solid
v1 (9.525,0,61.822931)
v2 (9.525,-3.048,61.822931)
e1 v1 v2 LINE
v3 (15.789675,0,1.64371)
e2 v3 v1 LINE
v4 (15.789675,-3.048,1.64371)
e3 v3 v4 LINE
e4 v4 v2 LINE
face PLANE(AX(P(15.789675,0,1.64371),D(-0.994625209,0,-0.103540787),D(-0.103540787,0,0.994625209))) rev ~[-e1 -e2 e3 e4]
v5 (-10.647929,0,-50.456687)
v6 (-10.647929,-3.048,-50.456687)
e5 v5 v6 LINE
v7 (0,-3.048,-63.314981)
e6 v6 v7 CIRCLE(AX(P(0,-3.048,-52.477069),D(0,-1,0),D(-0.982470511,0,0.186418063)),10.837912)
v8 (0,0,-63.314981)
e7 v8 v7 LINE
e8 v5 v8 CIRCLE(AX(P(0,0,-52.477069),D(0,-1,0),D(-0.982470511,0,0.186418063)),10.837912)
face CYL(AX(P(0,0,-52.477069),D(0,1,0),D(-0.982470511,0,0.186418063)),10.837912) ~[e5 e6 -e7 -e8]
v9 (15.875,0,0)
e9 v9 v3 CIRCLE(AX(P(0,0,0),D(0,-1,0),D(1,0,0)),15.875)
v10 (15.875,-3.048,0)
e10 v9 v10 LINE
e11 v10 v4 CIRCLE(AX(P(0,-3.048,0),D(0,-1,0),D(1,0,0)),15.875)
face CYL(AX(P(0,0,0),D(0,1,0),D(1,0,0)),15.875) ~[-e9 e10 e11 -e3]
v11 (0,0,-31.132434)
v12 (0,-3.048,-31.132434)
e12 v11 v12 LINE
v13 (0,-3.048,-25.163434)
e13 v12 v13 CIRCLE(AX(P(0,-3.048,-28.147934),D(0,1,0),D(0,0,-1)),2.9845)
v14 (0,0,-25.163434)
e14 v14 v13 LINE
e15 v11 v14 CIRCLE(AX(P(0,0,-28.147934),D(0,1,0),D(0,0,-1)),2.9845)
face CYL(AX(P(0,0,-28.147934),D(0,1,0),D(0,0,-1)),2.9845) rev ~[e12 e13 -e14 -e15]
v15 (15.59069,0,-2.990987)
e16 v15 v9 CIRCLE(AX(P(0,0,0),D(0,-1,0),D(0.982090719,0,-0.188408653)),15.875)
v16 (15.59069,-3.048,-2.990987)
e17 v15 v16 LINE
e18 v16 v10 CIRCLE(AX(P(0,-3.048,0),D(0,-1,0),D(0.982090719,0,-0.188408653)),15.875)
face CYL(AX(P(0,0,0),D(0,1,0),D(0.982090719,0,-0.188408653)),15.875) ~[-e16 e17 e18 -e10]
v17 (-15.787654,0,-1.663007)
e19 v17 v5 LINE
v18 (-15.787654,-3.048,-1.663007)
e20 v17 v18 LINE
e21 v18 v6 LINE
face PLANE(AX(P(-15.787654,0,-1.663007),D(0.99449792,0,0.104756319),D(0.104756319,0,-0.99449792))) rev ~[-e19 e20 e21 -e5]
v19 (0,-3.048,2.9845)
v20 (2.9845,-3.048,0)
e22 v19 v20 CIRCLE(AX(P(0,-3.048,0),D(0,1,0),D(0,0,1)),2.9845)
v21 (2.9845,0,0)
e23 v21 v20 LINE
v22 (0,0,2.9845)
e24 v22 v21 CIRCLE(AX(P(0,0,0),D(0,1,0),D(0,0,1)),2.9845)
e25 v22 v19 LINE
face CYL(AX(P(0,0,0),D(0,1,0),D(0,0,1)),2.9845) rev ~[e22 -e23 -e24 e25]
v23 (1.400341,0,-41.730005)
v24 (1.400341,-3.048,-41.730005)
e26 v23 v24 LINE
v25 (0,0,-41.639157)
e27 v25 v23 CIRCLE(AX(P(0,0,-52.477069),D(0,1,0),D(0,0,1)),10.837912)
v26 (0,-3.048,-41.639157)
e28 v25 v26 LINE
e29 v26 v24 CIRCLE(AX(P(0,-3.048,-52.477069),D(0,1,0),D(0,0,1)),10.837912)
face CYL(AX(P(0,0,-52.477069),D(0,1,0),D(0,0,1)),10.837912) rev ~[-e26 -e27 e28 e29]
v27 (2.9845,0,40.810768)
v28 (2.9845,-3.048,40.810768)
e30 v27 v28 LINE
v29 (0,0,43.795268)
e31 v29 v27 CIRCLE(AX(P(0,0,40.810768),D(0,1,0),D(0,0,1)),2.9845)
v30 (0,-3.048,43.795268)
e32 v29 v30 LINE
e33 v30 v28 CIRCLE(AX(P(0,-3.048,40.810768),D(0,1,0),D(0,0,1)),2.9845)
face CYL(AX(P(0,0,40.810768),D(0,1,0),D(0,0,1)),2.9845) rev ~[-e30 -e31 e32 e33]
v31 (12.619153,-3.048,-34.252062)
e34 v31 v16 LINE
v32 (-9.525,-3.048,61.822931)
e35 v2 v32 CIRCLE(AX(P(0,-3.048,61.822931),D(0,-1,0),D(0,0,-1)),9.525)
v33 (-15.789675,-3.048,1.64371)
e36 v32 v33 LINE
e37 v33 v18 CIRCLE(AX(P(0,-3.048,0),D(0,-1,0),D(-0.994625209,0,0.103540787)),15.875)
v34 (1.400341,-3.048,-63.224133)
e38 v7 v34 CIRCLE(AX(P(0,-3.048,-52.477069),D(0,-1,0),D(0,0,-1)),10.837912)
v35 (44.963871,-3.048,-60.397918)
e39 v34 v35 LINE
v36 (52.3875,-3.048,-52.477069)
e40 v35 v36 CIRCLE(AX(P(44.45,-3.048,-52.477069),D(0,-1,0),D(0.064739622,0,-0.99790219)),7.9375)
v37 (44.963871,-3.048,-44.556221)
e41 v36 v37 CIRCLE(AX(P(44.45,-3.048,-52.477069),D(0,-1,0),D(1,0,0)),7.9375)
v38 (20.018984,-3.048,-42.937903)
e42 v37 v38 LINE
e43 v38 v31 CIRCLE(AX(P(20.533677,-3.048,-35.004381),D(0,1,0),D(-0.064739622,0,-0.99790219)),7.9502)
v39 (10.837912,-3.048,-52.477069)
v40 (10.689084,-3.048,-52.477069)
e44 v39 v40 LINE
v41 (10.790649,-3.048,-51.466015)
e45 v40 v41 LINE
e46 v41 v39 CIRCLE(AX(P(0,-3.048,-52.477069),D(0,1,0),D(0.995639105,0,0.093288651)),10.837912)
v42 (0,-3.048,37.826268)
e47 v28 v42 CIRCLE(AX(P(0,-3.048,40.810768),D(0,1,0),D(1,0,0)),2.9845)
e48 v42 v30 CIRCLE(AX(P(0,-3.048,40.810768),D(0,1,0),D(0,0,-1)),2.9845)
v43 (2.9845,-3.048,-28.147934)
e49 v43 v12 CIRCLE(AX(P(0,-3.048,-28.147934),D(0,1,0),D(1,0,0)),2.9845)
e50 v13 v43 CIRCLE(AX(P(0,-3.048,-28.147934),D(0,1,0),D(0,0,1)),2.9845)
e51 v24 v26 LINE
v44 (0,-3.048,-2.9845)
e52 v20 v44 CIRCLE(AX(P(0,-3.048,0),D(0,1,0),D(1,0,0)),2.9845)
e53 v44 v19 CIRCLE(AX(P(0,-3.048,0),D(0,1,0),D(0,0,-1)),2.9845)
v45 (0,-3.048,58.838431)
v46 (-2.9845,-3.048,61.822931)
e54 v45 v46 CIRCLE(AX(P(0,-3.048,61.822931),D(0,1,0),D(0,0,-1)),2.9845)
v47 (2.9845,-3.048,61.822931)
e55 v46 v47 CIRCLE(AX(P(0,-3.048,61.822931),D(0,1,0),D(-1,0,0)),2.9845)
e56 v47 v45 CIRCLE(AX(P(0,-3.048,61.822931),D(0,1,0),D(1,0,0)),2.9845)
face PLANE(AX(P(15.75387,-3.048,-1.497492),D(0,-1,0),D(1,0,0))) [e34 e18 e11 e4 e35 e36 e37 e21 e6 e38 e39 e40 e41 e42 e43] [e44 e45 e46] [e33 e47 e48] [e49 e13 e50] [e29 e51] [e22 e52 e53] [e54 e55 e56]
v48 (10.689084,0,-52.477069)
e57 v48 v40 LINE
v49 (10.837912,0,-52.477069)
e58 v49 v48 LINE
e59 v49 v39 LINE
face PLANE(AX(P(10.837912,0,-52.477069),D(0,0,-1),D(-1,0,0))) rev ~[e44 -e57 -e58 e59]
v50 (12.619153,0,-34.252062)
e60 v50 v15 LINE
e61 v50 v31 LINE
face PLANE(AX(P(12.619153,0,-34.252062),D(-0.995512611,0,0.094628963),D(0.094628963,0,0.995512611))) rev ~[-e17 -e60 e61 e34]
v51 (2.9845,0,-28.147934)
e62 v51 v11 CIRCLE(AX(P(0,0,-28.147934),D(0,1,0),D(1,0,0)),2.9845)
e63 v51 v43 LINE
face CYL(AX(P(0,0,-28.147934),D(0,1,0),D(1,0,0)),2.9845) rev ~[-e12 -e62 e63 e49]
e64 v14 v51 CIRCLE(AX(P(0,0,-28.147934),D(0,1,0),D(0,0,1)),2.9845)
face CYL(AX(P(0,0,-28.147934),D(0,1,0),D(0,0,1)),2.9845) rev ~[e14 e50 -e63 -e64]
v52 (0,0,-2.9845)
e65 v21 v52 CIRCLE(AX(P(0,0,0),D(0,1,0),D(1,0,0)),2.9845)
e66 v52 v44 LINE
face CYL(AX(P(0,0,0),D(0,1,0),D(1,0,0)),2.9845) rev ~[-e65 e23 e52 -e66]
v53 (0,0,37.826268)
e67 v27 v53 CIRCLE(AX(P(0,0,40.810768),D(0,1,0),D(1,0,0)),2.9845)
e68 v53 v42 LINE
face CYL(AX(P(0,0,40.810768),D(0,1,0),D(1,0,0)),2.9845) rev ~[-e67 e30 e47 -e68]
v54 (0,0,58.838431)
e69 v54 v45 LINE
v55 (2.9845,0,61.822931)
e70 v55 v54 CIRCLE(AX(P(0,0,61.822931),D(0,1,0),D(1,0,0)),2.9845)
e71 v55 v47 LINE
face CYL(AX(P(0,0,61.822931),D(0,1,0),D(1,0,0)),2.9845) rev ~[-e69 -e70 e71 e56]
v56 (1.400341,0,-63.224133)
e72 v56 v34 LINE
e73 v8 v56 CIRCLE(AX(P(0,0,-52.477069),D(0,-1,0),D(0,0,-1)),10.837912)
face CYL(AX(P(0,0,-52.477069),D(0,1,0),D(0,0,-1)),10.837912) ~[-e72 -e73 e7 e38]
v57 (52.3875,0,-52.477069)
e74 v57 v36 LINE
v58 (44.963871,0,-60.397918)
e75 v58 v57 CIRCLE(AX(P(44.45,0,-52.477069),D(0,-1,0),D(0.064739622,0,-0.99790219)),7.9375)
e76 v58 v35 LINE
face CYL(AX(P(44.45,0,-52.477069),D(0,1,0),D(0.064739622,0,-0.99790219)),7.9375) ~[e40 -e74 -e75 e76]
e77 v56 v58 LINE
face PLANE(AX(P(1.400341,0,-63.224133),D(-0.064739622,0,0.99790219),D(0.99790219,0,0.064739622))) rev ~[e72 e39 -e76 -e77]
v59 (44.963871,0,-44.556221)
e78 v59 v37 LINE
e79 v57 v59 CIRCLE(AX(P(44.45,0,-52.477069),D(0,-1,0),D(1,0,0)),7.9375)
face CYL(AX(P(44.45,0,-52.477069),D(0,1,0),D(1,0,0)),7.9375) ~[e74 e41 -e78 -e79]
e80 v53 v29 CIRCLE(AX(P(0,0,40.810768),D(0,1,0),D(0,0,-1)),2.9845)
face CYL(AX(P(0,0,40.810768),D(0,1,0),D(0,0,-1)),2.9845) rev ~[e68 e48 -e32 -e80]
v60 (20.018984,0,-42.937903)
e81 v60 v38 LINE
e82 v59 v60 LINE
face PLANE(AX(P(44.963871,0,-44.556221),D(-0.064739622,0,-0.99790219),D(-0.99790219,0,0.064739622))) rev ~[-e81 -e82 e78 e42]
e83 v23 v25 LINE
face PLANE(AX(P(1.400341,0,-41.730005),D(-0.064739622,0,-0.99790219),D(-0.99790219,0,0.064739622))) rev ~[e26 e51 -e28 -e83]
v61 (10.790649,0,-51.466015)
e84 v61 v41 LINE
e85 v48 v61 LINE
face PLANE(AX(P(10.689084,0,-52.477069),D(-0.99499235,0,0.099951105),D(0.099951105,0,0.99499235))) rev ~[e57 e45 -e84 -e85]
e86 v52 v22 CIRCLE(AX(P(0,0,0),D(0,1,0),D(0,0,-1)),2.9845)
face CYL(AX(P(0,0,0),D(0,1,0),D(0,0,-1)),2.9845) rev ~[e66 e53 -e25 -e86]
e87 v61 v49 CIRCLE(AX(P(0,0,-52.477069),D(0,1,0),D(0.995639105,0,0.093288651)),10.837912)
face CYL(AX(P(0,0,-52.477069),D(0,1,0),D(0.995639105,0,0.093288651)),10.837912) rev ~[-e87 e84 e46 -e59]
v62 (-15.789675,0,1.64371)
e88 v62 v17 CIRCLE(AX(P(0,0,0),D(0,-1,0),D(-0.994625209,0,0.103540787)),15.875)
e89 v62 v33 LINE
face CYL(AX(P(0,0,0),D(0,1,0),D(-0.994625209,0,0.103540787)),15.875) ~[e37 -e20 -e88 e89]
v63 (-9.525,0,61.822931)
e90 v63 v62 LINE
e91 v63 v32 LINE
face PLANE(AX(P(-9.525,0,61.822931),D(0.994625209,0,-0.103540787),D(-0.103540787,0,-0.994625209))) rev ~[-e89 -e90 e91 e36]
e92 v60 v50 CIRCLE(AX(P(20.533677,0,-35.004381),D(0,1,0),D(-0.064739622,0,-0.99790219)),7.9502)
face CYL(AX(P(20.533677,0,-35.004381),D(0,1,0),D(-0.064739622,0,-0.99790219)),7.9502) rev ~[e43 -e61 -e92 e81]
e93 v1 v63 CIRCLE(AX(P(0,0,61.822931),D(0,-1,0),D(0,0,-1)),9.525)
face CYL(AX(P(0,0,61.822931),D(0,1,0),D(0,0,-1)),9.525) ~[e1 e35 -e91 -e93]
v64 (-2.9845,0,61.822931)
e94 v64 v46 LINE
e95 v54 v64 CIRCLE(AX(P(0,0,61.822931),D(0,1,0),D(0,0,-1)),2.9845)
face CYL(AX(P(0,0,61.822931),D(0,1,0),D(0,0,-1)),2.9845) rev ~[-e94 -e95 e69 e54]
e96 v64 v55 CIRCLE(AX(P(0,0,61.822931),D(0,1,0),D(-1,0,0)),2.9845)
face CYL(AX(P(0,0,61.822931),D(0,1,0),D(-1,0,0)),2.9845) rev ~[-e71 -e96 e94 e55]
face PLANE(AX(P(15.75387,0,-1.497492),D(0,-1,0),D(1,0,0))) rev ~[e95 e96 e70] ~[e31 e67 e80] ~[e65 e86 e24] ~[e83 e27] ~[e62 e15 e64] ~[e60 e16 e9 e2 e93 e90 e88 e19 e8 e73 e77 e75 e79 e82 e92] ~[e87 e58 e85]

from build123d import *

# Parameters (mm, degrees)
F1_DEPTH = 3.048


with BuildPart() as f1:
    # F0 (on Front) → F1 (new body)
    with BuildSketch(Plane.XZ):
        with BuildLine():
            Line((15.875, 0), (15.5906901587, -2.9909873578))
            ThreePointArc((15.5906901587, -2.9909873578), (15.803762705, -1.5022347903), (15.875, 0))
        make_face()
        with BuildLine():
            Line((1.4003408265, -63.2241331384), (0, -63.3149812557))
            ThreePointArc((0, -63.3149812557), (0.7016423253, -63.2922453786), (1.4003408265, -63.2241331384))
        make_face()
        with BuildLine():
            ThreePointArc((36.5125, -52.4770691991), (39.0220603724, -58.2685610319), (44.9638707463, -60.3979178346))
            ThreePointArc((44.9638707463, -60.3979178346), (50.2414918328, -57.9050088266), (52.3875, -52.4770691991))
            ThreePointArc((52.3875, -52.4770691991), (50.2414918328, -47.0491295715), (44.9638707463, -44.5562205636))
            ThreePointArc((44.9638707463, -44.5562205636), (39.0220603724, -46.6855773663), (36.5125, -52.4770691991))
        make_face()
        with BuildLine():
            Line((12.6191526396, -34.2520619409), (11.8439294246, -42.4075405738))
            Line((11.8439294246, -42.4075405738), (20.0189840628, -42.9379031172))
            ThreePointArc((20.0189840628, -42.9379031172), (14.4819098788, -40.1601346792), (12.6191526396, -34.2520619409))
        make_face()
        with BuildLine():
            ThreePointArc((9.525, 61.8229308009), (0, 71.3479308009), (-9.525, 61.8229308009))
            Line((-9.525, 61.8229308009), (-2.9845, 61.8229308009))
            ThreePointArc((-2.9845, 61.8229308009), (0, 64.8074308009), (2.9845, 61.8229308009))
            ThreePointArc((2.9845, 61.8229308009), (2.1103601885, 59.7125706125), (0, 58.8384308009))
            Line((0, 58.8384308009), (0, 52.2979308009))
            ThreePointArc((0, 52.2979308009), (6.7351920908, 55.0877387101), (9.525, 61.8229308009))
        make_face()
        with BuildLine():
            Line((-2.9845, 61.8229308009), (-9.525, 61.8229308009))
            ThreePointArc((-9.525, 61.8229308009), (-6.7351920908, 55.0877387101), (0, 52.2979308009))
            Line((0, 52.2979308009), (0, 58.8384308009))
            ThreePointArc((0, 58.8384308009), (-2.1103601885, 59.7125706125), (-2.9845, 61.8229308009))
        make_face()
        with BuildLine():
            Line((0, 37.8262675612), (0, 15.875))
            ThreePointArc((0, 15.875), (10.6283048728, 11.7921482577), (15.7896751859, 1.6437099882))
            Line((15.7896751859, 1.6437099882), (9.525, 61.8229308009))
            ThreePointArc((9.525, 61.8229308009), (6.7351920908, 55.0877387101), (0, 52.2979308009))
            Line((0, 52.2979308009), (0, 43.7952675612))
            ThreePointArc((0, 43.7952675612), (2.1103601885, 42.9211277496), (2.9845, 40.8107675612))
            ThreePointArc((2.9845, 40.8107675612), (2.1103601885, 38.7004073727), (0, 37.8262675612))
        make_face()
        with BuildLine():
            Line((-9.525, 61.8229308009), (-15.7896751859, 1.6437099882))
            ThreePointArc((-15.7896751859, 1.6437099882), (-10.6283048728, 11.7921482577), (0, 15.875))
            Line((0, 15.875), (0, 37.8262675612))
            ThreePointArc((0, 37.8262675612), (-2.9845, 40.8107675612), (0, 43.7952675612))
            Line((0, 43.7952675612), (0, 52.2979308009))
            ThreePointArc((0, 52.2979308009), (-6.7351920908, 55.0877387101), (-9.525, 61.8229308009))
        make_face()
        with BuildLine():
            ThreePointArc((-15.7896751859, 1.6437099882), (-15.8749970359, -0.0097010433), (-15.7876544862, -1.6630065613))
            ThreePointArc((-15.7876544862, -1.6630065613), (-10.6210968322, -11.7986408997), (0, -15.875))
            Line((0, -15.875), (0, -2.9845))
            ThreePointArc((0, -2.9845), (-2.9845, 0), (0, 2.9845))
            Line((0, 2.9845), (0, 11.0229308009))
            Line((0, 11.0229308009), (0, 15.875))
            ThreePointArc((0, 15.875), (-10.6283048728, 11.7921482577), (-15.7896751859, 1.6437099882))
        make_face()
        with BuildLine():
            Line((0, -31.1324340047), (0, -41.6391571425))
            ThreePointArc((0, -41.6391571425), (0.7016423253, -41.6618930196), (1.4003408265, -41.7300052598))
            Line((1.4003408265, -41.7300052598), (11.8439294246, -42.4075405738))
            Line((11.8439294246, -42.4075405738), (12.6191526396, -34.2520619409))
            Line((12.6191526396, -34.2520619409), (15.5906901587, -2.9909873578))
            ThreePointArc((15.5906901587, -2.9909873578), (10.1127073698, -12.2371881841), (0, -15.875))
            Line((0, -15.875), (0, -25.1634340047))
            ThreePointArc((0, -25.1634340047), (2.1103601885, -26.0375738162), (2.9845, -28.1479340047))
            ThreePointArc((2.9845, -28.1479340047), (2.1103601885, -30.2582941931), (0, -31.1324340047))
        make_face()
        with BuildLine():
            Line((10.8867652033, -52.4770691991), (10.8379120566, -52.4770691991))
            ThreePointArc((10.8379120566, -52.4770691991), (8.1436204624, -59.6284175691), (1.4003408265, -63.2241331384))
            Line((1.4003408265, -63.2241331384), (44.9638707463, -60.3979178346))
            ThreePointArc((44.9638707463, -60.3979178346), (39.0220603724, -58.2685610319), (36.5125, -52.4770691991))
            Line((36.5125, -52.4770691991), (10.8867652033, -52.4770691991))
        make_face()
        with BuildLine():
            Line((0, -2.9845), (0, -15.875))
            ThreePointArc((0, -15.875), (10.1127073698, -12.2371881841), (15.5906901587, -2.9909873578))
            Line((15.5906901587, -2.9909873578), (15.875, 0))
            ThreePointArc((15.875, 0), (15.8536544458, 0.8229615497), (15.7896751859, 1.6437099882))
            ThreePointArc((15.7896751859, 1.6437099882), (10.6283048728, 11.7921482577), (0, 15.875))
            Line((0, 15.875), (0, 11.0229308009))
            Line((0, 11.0229308009), (0, 2.9845))
            ThreePointArc((0, 2.9845), (2.1103601885, 2.1103601885), (2.9845, 0))
            ThreePointArc((2.9845, 0), (2.1103601885, -2.1103601885), (0, -2.9845))
        make_face()
        with BuildLine():
            Line((0, -52.4770691991), (0, -41.6391571425))
            ThreePointArc((0, -41.6391571425), (-6.9124383958, -44.1297023585), (-10.6479290016, -50.4566866308))
            ThreePointArc((-10.6479290016, -50.4566866308), (-8.3473668405, -59.3895075949), (0, -63.3149812557))
            Line((0, -63.3149812557), (1.4003408265, -63.2241331384))
            ThreePointArc((1.4003408265, -63.2241331384), (8.1436204624, -59.6284175691), (10.8379120566, -52.4770691991))
            Line((10.8379120566, -52.4770691991), (10.6890844764, -52.4770691991))
            Line((10.6890844764, -52.4770691991), (0, -52.4770691991))
        make_face()
        with BuildLine():
            Line((20.0189840628, -42.9379031172), (11.8439294246, -42.4075405738))
            Line((11.8439294246, -42.4075405738), (10.8867652033, -52.4770691991))
            Line((10.8867652033, -52.4770691991), (36.5125, -52.4770691991))
            ThreePointArc((36.5125, -52.4770691991), (39.0220603724, -46.6855773663), (44.9638707463, -44.5562205636))
            Line((44.9638707463, -44.5562205636), (20.0189840628, -42.9379031172))
        make_face()
        with BuildLine():
            Line((11.8439294246, -42.4075405738), (1.4003408265, -41.7300052598))
            ThreePointArc((1.4003408265, -41.7300052598), (7.800803165, -44.9532531642), (10.7906490607, -51.4660149992))
            ThreePointArc((10.7906490607, -51.4660149992), (10.8260898597, -51.9709900586), (10.8379120566, -52.4770691991))
            Line((10.8379120566, -52.4770691991), (10.8867652033, -52.4770691991))
            Line((10.8867652033, -52.4770691991), (11.8439294246, -42.4075405738))
        make_face()
        with BuildLine():
            Line((1.4003408265, -41.7300052598), (0, -41.6391571425))
            Line((0, -41.6391571425), (0, -52.4770691991))
            Line((0, -52.4770691991), (10.6890844764, -52.4770691991))
            Line((10.6890844764, -52.4770691991), (10.7906490607, -51.4660149992))
            ThreePointArc((10.7906490607, -51.4660149992), (7.800803165, -44.9532531642), (1.4003408265, -41.7300052598))
        make_face()
        with BuildLine():
            ThreePointArc((-10.6479290016, -50.4566866308), (-6.9124383958, -44.1297023585), (0, -41.6391571425))
            Line((0, -41.6391571425), (0, -31.1324340047))
            ThreePointArc((0, -31.1324340047), (-2.9845, -28.1479340047), (0, -25.1634340047))
            Line((0, -25.1634340047), (0, -15.875))
            ThreePointArc((0, -15.875), (-10.6210968322, -11.7986408997), (-15.7876544862, -1.6630065613))
            Line((-15.7876544862, -1.6630065613), (-10.6479290016, -50.4566866308))
        make_face()
    extrude(amount=F1_DEPTH)


solid = f1.part
